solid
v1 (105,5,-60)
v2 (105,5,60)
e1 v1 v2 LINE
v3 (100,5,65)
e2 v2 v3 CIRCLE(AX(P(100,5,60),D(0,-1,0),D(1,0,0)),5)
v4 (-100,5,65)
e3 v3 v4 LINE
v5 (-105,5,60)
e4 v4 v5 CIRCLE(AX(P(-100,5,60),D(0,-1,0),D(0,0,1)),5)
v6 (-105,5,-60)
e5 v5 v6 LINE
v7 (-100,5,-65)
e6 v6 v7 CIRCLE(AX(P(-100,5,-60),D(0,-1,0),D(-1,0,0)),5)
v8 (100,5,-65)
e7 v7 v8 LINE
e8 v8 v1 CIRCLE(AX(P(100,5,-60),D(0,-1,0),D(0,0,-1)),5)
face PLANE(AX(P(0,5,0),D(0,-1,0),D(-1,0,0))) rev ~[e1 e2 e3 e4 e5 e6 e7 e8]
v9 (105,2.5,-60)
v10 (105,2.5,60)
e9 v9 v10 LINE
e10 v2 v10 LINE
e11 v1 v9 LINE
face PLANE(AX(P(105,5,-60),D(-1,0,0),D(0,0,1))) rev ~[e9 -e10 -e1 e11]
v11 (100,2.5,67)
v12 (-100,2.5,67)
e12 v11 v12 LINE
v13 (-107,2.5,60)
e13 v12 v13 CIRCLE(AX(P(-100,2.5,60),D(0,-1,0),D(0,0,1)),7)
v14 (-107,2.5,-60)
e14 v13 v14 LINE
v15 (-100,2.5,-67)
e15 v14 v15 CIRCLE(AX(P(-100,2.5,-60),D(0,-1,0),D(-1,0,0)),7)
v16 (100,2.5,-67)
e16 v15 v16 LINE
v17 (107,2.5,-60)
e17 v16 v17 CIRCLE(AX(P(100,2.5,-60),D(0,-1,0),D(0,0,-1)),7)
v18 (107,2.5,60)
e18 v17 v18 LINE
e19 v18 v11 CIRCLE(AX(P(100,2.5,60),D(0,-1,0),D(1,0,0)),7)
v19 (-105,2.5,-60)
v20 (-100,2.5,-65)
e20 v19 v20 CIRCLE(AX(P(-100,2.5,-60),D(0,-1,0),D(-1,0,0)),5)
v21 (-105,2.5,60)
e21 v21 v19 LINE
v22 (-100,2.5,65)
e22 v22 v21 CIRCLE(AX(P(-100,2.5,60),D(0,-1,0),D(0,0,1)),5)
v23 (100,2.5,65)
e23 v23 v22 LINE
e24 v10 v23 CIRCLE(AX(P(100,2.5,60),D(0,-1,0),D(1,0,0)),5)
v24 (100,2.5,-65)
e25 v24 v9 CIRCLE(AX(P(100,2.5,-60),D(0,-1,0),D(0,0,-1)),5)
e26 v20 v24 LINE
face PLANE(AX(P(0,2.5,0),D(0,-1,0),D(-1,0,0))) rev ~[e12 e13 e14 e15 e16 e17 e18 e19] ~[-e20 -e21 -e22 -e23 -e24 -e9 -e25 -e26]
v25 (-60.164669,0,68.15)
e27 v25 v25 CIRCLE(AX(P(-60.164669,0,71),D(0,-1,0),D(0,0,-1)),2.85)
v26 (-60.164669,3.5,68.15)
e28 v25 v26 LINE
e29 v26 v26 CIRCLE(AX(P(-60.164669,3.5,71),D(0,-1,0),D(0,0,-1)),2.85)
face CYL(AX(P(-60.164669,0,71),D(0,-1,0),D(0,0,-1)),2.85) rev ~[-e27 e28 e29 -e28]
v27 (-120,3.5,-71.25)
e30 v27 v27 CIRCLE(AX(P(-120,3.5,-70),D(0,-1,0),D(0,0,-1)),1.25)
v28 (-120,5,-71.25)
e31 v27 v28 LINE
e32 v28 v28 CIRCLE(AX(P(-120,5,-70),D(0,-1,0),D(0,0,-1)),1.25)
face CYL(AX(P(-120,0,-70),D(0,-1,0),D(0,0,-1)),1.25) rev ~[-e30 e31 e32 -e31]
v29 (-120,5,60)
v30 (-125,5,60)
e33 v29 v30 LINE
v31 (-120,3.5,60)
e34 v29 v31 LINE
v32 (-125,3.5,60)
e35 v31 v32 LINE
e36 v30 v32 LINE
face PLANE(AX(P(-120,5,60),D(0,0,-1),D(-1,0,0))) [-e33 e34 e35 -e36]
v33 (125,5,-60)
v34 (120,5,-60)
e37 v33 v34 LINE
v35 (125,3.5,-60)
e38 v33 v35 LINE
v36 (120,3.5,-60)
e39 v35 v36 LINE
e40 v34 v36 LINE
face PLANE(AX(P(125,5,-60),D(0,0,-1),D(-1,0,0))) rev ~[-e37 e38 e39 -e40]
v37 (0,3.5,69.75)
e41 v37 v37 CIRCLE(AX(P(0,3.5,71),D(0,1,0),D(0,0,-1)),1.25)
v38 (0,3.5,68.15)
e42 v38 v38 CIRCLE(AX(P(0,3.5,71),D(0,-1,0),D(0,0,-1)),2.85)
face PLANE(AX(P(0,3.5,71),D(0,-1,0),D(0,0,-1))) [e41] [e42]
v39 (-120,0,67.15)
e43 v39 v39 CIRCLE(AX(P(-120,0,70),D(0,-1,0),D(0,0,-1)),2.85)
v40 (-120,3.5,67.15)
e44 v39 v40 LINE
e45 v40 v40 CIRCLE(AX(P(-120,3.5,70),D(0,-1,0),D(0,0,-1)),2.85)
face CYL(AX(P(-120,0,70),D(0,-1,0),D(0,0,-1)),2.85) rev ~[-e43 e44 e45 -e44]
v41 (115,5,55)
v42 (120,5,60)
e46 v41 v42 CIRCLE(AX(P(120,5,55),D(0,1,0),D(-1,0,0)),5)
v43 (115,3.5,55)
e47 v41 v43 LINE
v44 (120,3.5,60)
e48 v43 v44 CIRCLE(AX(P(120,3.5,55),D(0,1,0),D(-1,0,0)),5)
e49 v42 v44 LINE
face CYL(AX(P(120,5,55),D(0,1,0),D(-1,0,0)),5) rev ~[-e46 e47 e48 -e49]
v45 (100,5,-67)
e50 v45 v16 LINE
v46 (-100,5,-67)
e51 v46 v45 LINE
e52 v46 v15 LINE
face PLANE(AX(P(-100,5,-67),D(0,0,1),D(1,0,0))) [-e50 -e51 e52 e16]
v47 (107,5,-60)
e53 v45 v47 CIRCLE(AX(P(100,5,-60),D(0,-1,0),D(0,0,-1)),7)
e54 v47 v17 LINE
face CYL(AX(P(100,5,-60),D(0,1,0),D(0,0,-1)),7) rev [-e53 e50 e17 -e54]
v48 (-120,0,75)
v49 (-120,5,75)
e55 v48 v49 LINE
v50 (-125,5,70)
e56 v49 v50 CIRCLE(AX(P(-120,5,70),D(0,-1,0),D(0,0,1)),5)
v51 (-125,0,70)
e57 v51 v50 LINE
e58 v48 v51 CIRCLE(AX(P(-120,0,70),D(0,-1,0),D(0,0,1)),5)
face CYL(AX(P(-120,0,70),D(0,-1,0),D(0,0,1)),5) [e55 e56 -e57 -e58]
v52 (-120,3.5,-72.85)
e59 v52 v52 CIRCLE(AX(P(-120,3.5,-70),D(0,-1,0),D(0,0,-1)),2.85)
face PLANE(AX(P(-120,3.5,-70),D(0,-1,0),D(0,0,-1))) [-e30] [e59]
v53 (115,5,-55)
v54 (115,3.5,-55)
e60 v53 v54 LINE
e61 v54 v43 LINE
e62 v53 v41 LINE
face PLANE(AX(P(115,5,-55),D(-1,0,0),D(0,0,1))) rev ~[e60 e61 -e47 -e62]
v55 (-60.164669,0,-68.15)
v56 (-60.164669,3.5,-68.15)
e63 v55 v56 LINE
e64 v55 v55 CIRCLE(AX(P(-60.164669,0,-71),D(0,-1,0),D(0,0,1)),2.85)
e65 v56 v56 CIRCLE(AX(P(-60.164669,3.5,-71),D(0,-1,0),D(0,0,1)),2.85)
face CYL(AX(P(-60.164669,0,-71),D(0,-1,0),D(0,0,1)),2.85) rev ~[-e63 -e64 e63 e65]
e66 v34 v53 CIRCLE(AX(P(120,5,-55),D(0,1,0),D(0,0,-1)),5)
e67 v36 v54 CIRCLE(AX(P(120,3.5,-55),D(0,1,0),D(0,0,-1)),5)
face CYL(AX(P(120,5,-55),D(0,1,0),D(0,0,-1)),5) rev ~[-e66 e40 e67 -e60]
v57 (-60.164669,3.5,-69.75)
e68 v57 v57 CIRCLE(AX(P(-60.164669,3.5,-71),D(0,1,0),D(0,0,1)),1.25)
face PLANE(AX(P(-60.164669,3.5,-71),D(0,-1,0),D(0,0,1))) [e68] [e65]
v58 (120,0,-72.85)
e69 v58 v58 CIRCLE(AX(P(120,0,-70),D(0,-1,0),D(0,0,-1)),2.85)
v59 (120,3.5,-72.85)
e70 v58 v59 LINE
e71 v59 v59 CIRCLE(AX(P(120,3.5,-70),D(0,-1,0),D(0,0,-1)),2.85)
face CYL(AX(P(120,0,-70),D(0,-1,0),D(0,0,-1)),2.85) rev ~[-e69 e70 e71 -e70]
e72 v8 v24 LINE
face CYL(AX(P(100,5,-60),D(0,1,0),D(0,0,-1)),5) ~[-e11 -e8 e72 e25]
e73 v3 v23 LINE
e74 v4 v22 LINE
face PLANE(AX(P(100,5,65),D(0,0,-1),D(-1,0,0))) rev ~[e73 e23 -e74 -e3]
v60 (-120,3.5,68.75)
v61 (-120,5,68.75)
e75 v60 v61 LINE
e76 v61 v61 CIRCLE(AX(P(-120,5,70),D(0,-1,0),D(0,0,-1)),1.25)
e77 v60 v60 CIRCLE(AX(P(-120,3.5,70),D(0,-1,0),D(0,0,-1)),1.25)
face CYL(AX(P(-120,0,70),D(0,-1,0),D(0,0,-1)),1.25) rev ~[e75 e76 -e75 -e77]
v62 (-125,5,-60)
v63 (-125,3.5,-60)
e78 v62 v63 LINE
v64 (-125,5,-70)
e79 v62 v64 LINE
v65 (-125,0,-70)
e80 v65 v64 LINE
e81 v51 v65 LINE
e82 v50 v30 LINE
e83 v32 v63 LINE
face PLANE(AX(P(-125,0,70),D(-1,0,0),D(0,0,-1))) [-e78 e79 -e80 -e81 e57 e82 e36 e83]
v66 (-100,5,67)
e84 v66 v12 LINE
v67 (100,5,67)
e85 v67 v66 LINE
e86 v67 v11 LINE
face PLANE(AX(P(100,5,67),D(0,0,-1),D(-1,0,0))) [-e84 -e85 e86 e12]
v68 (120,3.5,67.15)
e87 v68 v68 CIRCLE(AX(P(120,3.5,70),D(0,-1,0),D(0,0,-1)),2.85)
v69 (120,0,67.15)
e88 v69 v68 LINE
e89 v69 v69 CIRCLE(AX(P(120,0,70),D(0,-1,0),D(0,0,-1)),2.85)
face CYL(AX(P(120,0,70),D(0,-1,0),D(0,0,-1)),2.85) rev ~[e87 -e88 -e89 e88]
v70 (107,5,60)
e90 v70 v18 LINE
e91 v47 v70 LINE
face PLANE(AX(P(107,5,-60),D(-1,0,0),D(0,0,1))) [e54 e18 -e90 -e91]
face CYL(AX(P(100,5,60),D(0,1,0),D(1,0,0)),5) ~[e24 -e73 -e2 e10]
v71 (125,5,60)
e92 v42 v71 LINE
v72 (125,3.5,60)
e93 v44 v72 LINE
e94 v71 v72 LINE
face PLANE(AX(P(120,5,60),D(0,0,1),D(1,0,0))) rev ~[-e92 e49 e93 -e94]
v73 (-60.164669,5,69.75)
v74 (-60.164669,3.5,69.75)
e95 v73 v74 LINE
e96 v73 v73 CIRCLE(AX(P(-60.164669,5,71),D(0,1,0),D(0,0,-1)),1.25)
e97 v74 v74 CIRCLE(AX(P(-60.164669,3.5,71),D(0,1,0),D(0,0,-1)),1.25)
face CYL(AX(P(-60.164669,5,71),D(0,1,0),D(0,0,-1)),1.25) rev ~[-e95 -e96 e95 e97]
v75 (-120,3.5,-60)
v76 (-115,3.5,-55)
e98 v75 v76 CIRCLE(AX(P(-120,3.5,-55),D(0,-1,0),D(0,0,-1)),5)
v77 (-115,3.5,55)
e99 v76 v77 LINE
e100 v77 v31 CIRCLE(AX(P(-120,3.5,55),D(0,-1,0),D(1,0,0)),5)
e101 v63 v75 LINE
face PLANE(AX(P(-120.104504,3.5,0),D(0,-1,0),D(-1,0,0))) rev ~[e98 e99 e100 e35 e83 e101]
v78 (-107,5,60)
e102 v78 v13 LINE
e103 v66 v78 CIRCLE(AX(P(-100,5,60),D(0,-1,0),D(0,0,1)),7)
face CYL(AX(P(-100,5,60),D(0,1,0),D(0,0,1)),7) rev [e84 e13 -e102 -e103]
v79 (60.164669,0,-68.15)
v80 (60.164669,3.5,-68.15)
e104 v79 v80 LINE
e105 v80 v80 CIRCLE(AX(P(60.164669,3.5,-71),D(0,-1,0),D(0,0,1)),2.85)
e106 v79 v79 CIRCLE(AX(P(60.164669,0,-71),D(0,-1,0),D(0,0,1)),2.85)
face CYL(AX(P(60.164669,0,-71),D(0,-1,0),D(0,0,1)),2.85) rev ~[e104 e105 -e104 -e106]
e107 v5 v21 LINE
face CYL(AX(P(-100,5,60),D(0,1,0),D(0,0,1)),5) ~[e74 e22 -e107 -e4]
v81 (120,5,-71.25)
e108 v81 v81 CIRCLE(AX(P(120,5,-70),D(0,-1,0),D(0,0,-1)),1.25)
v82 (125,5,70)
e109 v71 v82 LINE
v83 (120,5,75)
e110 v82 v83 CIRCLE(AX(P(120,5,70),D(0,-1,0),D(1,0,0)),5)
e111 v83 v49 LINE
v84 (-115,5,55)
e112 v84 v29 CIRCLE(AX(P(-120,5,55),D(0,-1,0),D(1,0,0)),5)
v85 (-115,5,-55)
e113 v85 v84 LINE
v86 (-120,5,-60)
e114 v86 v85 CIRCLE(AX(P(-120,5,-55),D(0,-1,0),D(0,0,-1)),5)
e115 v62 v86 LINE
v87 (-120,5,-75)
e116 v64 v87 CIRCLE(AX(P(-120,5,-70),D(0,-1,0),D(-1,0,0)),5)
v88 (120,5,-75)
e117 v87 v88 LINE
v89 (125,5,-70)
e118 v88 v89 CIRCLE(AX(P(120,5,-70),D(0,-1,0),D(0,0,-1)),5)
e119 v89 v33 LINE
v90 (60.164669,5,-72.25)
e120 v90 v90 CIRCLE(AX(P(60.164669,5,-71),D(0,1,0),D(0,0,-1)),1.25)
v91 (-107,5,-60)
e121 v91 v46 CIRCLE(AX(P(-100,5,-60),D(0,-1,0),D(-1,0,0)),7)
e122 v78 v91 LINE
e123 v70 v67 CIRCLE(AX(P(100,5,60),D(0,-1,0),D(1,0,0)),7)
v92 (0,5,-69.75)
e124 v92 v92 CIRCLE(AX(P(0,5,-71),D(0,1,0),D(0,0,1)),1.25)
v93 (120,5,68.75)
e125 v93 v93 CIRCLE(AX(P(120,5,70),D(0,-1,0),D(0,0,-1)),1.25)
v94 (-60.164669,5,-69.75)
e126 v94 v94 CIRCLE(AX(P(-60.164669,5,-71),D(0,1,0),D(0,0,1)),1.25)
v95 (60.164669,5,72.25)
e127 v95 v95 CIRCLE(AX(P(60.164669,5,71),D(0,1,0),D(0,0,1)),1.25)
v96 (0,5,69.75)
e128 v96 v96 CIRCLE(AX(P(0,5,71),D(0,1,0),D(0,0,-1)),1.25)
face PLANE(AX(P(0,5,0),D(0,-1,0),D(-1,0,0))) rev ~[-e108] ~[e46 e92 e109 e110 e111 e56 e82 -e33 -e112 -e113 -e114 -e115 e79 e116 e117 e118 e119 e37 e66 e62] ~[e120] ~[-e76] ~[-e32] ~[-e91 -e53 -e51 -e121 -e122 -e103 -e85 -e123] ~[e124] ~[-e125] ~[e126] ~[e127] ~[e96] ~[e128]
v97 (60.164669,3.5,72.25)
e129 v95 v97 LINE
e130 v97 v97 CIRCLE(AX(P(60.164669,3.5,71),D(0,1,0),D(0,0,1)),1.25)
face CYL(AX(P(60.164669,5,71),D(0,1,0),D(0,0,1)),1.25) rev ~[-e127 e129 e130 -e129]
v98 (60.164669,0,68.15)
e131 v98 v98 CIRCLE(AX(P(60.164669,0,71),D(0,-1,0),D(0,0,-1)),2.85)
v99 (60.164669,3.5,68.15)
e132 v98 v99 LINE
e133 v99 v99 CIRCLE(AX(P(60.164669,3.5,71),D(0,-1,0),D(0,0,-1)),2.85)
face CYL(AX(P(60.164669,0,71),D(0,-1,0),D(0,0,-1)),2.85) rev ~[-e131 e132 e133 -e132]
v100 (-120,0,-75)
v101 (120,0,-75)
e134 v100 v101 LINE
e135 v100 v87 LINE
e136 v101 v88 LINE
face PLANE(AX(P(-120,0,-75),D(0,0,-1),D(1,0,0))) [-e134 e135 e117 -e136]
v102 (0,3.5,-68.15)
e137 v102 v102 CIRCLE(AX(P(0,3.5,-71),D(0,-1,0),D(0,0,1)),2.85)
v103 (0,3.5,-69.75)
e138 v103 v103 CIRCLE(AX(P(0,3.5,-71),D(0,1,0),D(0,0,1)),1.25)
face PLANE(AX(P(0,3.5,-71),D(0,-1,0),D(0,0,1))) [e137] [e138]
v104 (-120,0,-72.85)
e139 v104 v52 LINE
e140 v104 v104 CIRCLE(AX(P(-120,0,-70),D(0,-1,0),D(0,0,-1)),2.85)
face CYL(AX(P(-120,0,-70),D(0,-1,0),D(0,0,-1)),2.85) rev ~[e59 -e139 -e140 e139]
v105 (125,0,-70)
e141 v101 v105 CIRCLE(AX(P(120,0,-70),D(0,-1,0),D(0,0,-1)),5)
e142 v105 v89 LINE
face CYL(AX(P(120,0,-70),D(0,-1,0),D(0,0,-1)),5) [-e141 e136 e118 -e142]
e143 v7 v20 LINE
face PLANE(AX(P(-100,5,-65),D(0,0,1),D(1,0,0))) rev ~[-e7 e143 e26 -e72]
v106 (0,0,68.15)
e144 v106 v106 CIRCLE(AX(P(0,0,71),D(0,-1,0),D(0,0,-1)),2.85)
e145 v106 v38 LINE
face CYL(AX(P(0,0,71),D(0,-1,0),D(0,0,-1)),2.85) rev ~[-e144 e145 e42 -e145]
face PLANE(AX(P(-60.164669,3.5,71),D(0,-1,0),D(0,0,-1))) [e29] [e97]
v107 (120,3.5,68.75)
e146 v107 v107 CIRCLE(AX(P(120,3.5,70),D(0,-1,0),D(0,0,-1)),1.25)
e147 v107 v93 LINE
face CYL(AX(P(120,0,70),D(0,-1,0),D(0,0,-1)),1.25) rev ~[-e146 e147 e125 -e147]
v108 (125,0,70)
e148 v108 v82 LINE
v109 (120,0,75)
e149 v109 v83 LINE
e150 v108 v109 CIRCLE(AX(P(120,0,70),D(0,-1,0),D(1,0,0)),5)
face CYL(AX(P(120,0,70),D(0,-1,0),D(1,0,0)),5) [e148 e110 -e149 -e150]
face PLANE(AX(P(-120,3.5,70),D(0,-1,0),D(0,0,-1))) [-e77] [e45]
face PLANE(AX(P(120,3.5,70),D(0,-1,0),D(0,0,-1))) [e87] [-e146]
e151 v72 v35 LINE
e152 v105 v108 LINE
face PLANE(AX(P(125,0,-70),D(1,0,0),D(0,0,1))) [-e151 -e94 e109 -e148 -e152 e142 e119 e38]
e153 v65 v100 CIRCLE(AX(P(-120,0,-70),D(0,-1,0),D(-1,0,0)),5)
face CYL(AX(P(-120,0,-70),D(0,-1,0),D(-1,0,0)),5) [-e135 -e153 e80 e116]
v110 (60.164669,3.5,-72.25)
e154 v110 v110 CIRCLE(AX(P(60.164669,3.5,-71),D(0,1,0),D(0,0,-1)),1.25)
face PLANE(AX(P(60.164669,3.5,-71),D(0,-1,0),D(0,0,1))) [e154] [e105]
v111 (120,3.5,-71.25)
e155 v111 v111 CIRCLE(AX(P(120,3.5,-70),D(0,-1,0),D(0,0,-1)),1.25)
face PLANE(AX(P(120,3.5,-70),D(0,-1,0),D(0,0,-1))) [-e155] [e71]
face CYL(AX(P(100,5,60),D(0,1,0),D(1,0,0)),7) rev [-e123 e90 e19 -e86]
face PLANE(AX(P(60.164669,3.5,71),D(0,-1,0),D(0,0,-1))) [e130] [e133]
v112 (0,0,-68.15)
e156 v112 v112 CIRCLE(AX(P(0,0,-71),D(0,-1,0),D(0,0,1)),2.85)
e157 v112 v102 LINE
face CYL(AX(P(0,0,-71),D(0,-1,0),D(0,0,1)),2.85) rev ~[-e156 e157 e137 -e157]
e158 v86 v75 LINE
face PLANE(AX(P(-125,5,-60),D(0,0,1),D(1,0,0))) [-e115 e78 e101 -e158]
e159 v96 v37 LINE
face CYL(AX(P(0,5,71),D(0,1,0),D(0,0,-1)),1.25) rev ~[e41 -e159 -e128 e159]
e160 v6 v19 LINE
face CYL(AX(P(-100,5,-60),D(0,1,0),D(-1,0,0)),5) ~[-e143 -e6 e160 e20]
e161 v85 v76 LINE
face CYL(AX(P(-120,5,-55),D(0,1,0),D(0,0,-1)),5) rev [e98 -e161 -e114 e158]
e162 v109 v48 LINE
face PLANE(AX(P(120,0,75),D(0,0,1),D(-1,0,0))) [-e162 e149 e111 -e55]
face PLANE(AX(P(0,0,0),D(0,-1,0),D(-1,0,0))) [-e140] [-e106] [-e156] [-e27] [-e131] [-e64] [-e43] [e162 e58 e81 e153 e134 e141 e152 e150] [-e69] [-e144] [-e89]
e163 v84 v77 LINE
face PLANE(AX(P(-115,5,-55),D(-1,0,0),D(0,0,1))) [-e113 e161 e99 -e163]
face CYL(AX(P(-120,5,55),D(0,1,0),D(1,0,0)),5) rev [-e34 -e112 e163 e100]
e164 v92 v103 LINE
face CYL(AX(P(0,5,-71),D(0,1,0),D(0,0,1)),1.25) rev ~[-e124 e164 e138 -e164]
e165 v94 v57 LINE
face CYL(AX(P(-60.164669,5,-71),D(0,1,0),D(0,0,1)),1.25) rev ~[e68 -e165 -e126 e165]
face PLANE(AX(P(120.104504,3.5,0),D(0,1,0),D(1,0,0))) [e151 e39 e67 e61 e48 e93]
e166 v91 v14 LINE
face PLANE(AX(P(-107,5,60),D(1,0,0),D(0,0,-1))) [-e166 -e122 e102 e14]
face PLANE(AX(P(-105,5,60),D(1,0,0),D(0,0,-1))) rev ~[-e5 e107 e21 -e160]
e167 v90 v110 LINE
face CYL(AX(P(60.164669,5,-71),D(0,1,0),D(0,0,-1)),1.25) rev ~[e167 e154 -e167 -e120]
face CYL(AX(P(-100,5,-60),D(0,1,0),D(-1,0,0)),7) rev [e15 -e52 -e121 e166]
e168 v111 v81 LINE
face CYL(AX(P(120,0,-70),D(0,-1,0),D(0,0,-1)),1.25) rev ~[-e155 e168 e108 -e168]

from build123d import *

# Parameters (mm, degrees)
EXTRUDE_1_DEPTH     = 5
CUT_EXTRUDE_1_DEPTH = 1.5
CUT_EXTRUDE_2_DEPTH = 2.5
SKETCH_4_R          = 1.25
CUT_EXTRUDE_3_DEPTH = 5
SKETCH_5_R          = 2.85
CUT_EXTRUDE_4_DEPTH = 3.5
SKETCH_6_R          = 1.25
CUT_EXTRUDE_5_DEPTH = 5
SKETCH_7_R          = 2.85
CUT_EXTRUDE_6_DEPTH = 3.5


with BuildPart() as part:
    # 草图1 → 凸台-拉伸1 (new body)
    with BuildSketch(Plane(origin=(0, 0, 0), x_dir=(1, 0, 0), z_dir=(0, 1, 0))):
        with BuildLine():
            Line((-120, 75), (120, 75))
            ThreePointArc((120, 75), (123.535533906, 73.535533906), (125, 70))
            Line((125, 70), (125, -70))
            ThreePointArc((125, -70), (123.535533906, -73.535533906), (120, -75))
            Line((120, -75), (-120, -75))
            ThreePointArc((-120, -75), (-123.535533906, -73.535533906), (-125, -70))
            Line((-125, -70), (-125, 70))
            ThreePointArc((-125, 70), (-123.535533906, 73.535533906), (-120, 75))
        make_face()
    extrude(amount=EXTRUDE_1_DEPTH)

    # 草图2 → 切除-拉伸1 (cut)
    with BuildSketch(Plane(origin=(0, 5, 0), x_dir=(1, 0, 0), z_dir=(0, 1, 0))):
        with BuildLine():
            Line((-125, 60), (-120, 60))
            ThreePointArc((-120, 60), (-116.464466094, 58.535533906), (-115, 55))
            Line((-115, 55), (-115, -55))
            ThreePointArc((-115, -55), (-116.464466094, -58.535533906), (-120, -60))
            Line((-120, -60), (-125, -60))
            Line((-125, -60), (-125, 60))
        make_face()
        with BuildLine():
            Line((115, 55), (115, -55))
            ThreePointArc((115, -55), (116.464466094, -58.535533906), (120, -60))
            Line((120, -60), (125, -60))
            Line((125, -60), (125, 60))
            Line((125, 60), (120, 60))
            ThreePointArc((120, 60), (116.464466094, 58.535533906), (115, 55))
        make_face()
    extrude(amount=-CUT_EXTRUDE_1_DEPTH, mode=Mode.SUBTRACT)

    # 草图3 → 切除-拉伸2 (cut)
    with BuildSketch(Plane(origin=(0, 5, 0), x_dir=(1, 0, 0), z_dir=(0, 1, 0))):
        with BuildLine():
            Line((-100, 67), (100, 67))
            ThreePointArc((100, 67), (104.949747468, 64.949747468), (107, 60))
            Line((107, 60), (107, -60))
            ThreePointArc((107, -60), (104.949747468, -64.949747468), (100, -67))
            Line((100, -67), (-100, -67))
            ThreePointArc((-100, -67), (-104.949747468, -64.949747468), (-107, -60))
            Line((-107, -60), (-107, 60))
            ThreePointArc((-107, 60), (-104.949747468, 64.949747468), (-100, 67))
        make_face()
        with BuildLine():
            Line((-100, 65), (100, 65))
            ThreePointArc((100, 65), (103.535533906, 63.535533906), (105, 60))
            Line((105, 60), (105, -60))
            ThreePointArc((105, -60), (103.535533906, -63.535533906), (100, -65))
            Line((100, -65), (-100, -65))
            ThreePointArc((-100, -65), (-103.535533906, -63.535533906), (-105, -60))
            Line((-105, -60), (-105, 60))
            ThreePointArc((-105, 60), (-103.535533906, 63.535533906), (-100, 65))
        make_face(mode=Mode.SUBTRACT)
    extrude(amount=-CUT_EXTRUDE_2_DEPTH, mode=Mode.SUBTRACT)

    # 草图4 → 切除-拉伸3 (cut)
    with BuildSketch(Plane.XZ):
        with Locations(Location((-120, 70, 0), (0, 0, 270))):
            Circle(SKETCH_4_R)
        with Locations(Location((-120, -70, 0), (0, 0, 270))):
            Circle(SKETCH_4_R)
        with Locations(Location((120, -70, 0), (0, 0, 270))):
            Circle(SKETCH_4_R)
        with Locations(Location((120, 70, 0), (0, 0, 270))):
            Circle(SKETCH_4_R)
    extrude(amount=-CUT_EXTRUDE_3_DEPTH, mode=Mode.SUBTRACT)

    # 草图5 → 切除-拉伸4 (cut)
    with BuildSketch(Plane.XZ):
        with Locations(Location((-120, 70, 0), (0, 0, 270))):
            Circle(SKETCH_5_R)
        with Locations(Location((-120, -70, 0), (0, 0, 270))):
            Circle(SKETCH_5_R)
        with Locations(Location((120, -70, 0), (0, 0, 270))):
            Circle(SKETCH_5_R)
        with Locations(Location((120, 70, 0), (0, 0, 270))):
            Circle(SKETCH_5_R)
    extrude(amount=-CUT_EXTRUDE_4_DEPTH, mode=Mode.SUBTRACT)

    # 草图6 → 切除-拉伸5 (cut)
    with BuildSketch(Plane(origin=(0, 5, 0), x_dir=(1, 0, 0), z_dir=(0, 1, 0))):
        with Locations(Location((0, 71, 0), (0, 0, 270))):
            Circle(SKETCH_6_R)
        with Locations(Location((-60.164669271, 71, 0), (0, 0, 270))):
            Circle(SKETCH_6_R)
        with Locations(Location((60.164669271, 71, 0), (0, 0, 90))):
            Circle(SKETCH_6_R)
        with Locations(Location((60.164669271, -71, 0), (0, 0, 270))):
            Circle(SKETCH_6_R)
        with Locations(Location((-60.164669271, -71, 0), (0, 0, 90))):
            Circle(SKETCH_6_R)
        with Locations(Location((0, -71, 0), (0, 0, 90))):
            Circle(SKETCH_6_R)
    extrude(amount=-CUT_EXTRUDE_5_DEPTH, mode=Mode.SUBTRACT)

    # 草图7 → 切除-拉伸6 (cut)
    with BuildSketch(Plane.XZ):
        with Locations(Location((-60.164669271, 71, 0), (0, 0, 270))):
            Circle(SKETCH_7_R)
        with Locations(Location((0, 71, 0), (0, 0, 270))):
            Circle(SKETCH_7_R)
        with Locations(Location((60.164669271, 71, 0), (0, 0, 270))):
            Circle(SKETCH_7_R)
        with Locations(Location((60.164669271, -71, 0), (0, 0, 90))):
            Circle(SKETCH_7_R)
        with Locations(Location((0, -71, 0), (0, 0, 90))):
            Circle(SKETCH_7_R)
        with Locations(Location((-60.164669271, -71, 0), (0, 0, 90))):
            Circle(SKETCH_7_R)
    extrude(amount=-CUT_EXTRUDE_6_DEPTH, mode=Mode.SUBTRACT)


solid = part.part
